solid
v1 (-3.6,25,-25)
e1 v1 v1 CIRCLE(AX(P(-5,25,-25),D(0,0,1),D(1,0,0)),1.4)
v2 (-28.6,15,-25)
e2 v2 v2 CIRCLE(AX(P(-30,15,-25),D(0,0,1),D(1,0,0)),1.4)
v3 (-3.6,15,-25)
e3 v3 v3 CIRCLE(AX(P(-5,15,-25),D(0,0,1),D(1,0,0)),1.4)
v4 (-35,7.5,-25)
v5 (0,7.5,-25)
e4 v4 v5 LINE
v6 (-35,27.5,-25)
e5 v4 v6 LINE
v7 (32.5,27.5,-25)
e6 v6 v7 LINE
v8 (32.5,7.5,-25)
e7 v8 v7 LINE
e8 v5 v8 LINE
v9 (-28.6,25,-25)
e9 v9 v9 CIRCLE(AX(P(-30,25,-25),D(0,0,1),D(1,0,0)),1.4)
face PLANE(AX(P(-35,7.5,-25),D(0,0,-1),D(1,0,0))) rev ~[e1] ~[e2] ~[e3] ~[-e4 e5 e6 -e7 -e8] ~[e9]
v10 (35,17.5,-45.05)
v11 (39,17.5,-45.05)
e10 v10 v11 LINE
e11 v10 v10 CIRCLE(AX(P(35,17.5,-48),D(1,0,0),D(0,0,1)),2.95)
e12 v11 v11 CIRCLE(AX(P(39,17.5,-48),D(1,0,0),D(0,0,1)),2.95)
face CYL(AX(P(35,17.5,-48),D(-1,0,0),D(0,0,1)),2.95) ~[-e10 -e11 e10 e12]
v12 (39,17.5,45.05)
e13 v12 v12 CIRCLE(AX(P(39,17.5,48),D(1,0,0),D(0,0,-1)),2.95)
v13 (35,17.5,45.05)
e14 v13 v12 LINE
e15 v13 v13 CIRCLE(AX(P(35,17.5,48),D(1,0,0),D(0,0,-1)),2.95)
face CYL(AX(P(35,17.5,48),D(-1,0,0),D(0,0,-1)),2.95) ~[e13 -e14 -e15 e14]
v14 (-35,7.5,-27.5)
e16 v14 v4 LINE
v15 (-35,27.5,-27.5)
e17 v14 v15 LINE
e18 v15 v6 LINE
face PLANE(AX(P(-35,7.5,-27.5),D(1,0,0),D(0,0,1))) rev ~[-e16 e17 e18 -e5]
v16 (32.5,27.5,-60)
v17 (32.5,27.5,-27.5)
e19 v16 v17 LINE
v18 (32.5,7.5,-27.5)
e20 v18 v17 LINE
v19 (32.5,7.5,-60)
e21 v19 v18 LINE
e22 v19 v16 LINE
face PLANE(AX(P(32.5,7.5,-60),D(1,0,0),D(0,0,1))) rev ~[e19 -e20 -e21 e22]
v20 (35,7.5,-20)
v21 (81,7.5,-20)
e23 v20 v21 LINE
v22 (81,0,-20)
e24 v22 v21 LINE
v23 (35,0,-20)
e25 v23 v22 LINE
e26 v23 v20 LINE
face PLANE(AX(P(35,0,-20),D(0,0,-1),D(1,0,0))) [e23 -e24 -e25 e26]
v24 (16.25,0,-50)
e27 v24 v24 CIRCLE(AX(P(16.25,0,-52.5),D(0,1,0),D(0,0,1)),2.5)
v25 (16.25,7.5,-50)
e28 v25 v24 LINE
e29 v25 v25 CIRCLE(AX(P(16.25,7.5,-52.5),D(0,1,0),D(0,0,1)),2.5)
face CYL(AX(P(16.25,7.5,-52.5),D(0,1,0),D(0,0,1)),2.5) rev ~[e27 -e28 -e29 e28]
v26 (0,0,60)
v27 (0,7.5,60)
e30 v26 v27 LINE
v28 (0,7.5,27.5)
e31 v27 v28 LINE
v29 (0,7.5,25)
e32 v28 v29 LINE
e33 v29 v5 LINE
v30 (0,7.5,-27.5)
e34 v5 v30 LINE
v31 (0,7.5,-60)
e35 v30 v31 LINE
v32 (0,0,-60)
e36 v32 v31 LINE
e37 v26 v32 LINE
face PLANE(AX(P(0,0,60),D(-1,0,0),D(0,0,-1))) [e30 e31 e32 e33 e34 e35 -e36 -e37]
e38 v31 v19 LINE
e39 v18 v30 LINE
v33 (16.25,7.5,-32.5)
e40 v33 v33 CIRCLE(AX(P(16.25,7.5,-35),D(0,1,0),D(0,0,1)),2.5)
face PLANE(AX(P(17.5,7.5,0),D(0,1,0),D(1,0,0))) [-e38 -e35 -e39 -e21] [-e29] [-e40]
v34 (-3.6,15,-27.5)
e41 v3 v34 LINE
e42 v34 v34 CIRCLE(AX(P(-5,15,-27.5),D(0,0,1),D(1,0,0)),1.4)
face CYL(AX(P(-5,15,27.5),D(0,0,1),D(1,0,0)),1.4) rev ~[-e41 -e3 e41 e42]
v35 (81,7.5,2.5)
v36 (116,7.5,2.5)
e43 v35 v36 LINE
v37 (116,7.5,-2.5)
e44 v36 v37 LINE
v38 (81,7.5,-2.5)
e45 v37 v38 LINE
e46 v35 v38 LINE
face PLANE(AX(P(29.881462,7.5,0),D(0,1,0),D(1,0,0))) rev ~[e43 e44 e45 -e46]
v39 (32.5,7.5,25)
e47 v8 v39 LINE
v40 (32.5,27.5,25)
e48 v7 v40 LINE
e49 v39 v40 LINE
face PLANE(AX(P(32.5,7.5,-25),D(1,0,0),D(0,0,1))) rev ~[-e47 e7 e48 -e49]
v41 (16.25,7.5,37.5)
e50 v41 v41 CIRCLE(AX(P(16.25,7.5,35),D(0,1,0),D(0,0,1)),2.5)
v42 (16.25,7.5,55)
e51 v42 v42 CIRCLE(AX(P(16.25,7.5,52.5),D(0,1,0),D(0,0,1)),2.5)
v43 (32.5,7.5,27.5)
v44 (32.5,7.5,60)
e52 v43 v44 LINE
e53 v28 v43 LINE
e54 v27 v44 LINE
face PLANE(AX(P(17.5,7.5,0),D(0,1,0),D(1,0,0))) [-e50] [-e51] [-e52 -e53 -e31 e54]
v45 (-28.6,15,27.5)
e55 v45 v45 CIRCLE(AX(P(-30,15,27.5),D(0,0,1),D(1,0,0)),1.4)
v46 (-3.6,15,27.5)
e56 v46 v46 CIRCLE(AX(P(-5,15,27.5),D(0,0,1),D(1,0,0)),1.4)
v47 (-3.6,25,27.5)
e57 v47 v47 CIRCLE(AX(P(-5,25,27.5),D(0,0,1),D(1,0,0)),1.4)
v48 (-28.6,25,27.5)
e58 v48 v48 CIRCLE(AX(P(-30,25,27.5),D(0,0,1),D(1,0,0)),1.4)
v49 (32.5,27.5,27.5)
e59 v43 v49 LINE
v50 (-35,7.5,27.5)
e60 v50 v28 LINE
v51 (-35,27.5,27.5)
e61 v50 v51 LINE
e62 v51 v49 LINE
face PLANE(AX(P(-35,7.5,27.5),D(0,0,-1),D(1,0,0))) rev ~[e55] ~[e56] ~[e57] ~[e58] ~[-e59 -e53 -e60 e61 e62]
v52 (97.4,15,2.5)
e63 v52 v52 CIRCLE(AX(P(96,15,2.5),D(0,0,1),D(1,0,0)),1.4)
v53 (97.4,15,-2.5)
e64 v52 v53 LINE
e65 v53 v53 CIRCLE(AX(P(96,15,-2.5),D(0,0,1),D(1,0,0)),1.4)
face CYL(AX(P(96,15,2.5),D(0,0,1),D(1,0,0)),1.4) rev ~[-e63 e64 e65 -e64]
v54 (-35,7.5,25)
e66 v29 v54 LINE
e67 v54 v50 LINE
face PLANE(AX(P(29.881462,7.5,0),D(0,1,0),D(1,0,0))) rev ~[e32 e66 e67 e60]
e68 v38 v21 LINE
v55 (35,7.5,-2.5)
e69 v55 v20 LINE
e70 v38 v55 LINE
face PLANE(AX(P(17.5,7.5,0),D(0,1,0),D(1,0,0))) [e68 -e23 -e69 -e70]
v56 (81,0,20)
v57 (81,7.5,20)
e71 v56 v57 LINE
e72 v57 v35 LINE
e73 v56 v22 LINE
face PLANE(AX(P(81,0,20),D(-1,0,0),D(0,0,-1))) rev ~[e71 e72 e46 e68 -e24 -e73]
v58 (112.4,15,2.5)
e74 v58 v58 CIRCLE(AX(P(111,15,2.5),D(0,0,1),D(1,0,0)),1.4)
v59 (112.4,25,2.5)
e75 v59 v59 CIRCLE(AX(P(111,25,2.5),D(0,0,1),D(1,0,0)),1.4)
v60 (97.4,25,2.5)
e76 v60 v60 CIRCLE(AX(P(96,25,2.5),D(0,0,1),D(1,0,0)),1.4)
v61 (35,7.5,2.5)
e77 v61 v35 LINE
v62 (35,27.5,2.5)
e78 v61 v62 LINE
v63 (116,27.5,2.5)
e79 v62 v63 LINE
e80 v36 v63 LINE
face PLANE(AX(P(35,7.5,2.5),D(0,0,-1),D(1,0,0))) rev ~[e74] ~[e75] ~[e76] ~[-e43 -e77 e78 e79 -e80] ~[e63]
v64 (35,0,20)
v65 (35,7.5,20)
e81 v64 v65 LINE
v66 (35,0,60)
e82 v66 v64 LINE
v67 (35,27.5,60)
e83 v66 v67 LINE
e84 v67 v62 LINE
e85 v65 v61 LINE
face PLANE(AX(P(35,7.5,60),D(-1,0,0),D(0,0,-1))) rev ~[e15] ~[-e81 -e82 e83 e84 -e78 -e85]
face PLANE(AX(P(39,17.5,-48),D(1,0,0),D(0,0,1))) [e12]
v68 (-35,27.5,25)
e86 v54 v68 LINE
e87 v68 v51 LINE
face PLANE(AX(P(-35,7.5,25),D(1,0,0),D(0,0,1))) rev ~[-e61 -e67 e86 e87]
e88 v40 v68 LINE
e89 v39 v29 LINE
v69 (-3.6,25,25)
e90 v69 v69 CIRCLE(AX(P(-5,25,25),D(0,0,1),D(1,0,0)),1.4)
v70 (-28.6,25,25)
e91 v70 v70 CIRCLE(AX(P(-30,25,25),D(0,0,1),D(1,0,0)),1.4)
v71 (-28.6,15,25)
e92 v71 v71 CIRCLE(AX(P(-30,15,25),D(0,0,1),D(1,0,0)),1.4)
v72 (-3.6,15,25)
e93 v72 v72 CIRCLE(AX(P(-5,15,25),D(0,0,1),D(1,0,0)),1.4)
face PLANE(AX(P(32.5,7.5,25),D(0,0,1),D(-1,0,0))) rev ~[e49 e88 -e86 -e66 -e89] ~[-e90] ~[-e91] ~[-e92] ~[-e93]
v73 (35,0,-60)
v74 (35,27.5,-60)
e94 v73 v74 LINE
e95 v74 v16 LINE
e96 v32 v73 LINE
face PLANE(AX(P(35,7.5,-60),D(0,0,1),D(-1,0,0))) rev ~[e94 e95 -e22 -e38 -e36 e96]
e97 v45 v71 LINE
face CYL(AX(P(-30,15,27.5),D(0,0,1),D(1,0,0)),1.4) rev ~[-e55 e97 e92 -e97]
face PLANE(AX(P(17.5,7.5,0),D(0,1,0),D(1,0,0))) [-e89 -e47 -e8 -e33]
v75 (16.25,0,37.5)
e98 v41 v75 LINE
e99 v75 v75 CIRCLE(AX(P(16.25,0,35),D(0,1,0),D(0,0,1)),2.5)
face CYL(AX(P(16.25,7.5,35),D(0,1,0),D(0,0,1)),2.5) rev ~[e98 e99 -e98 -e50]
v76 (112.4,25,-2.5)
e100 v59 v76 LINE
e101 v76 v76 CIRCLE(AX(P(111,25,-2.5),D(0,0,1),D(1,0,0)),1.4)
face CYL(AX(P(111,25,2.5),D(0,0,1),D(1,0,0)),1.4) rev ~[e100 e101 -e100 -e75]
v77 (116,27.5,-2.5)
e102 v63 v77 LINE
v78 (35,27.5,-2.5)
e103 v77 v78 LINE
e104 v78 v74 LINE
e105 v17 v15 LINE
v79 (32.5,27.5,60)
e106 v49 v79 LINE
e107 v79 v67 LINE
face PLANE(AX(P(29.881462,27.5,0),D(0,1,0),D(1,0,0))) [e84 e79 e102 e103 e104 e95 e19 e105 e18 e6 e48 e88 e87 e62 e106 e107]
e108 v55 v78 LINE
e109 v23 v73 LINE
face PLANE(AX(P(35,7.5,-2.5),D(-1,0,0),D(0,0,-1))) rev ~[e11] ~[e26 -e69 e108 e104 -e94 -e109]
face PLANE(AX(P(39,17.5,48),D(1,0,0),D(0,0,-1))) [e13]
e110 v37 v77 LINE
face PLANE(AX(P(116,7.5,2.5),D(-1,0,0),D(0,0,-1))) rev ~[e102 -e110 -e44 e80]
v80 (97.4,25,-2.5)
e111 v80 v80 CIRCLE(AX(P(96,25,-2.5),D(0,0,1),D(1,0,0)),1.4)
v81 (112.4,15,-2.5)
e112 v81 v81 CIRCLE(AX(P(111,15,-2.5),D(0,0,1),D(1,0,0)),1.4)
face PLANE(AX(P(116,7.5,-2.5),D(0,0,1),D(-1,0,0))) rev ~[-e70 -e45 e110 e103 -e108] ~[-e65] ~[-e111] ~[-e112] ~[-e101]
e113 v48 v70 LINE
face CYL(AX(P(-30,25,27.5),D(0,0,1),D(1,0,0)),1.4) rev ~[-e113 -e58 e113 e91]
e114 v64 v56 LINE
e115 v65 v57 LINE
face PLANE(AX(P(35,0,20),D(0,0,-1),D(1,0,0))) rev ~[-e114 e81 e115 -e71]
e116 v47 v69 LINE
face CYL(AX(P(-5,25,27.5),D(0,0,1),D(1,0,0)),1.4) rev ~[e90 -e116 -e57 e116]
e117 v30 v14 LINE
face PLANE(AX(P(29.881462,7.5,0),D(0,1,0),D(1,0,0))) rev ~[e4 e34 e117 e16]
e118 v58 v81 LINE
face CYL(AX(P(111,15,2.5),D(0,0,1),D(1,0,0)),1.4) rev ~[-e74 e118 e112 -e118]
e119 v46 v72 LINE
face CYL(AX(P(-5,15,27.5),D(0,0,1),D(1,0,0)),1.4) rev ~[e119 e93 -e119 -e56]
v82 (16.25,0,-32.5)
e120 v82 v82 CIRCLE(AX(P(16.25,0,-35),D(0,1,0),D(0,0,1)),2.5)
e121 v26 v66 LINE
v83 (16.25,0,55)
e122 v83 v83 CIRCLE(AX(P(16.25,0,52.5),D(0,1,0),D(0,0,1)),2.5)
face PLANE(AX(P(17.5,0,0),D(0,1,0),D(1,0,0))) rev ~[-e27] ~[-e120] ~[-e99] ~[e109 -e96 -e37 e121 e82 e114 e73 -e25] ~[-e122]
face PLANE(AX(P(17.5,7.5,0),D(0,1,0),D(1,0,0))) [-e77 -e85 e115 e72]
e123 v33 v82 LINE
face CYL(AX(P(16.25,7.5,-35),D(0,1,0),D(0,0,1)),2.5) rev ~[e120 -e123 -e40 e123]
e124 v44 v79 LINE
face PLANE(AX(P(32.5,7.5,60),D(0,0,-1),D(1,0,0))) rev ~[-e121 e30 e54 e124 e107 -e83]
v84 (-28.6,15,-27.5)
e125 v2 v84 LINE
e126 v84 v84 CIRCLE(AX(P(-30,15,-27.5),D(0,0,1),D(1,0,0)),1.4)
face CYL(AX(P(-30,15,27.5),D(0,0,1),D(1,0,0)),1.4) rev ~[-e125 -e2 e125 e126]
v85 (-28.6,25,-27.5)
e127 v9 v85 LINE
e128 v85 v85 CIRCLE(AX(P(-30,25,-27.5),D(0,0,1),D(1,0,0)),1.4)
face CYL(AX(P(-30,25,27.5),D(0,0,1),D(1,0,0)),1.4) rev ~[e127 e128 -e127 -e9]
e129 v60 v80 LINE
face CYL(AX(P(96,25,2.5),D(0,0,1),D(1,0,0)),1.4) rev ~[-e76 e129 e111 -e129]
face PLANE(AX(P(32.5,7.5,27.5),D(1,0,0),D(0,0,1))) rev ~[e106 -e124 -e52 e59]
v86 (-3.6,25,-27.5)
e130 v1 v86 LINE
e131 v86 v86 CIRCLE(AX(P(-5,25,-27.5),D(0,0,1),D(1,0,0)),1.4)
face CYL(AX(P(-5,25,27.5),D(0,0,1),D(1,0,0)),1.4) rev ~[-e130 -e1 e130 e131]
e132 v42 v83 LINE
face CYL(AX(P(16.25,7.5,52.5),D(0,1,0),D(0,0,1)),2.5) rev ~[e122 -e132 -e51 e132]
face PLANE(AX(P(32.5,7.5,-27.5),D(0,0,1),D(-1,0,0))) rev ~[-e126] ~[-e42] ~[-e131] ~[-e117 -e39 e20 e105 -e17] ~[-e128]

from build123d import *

# Parameters (mm, degrees)
SKETCH1_W           = 35
SKETCH1_H           = 120
SKETCH1_W_2         = 46
SKETCH1_H_2         = 40
BOSS_EXTRUDE1_DEPTH = 7.5
BOSS_EXTRUDE2_DEPTH = 20
SKETCH3_R           = 1.4
CUT_EXTRUDE1_DEPTH  = 5
SKETCH5_R           = 2.95
BOSS_EXTRUDE4_DEPTH = 4
SKETCH6_R           = 1.4
CUT_EXTRUDE2_DEPTH  = 60
SKETCH7_R           = 2.5
CUT_EXTRUDE3_DEPTH  = 10


with BuildPart() as part:
    # Sketch1 → Boss-Extrude1 (new body)
    with BuildSketch(Plane(origin=(0, 0, 0), x_dir=(1, 0, 0), z_dir=(0, 1, 0))):
        with Locations((17.5, 0)):
            Rectangle(SKETCH1_W, SKETCH1_H)
        with Locations((58, 0)):
            Rectangle(SKETCH1_W_2, SKETCH1_H_2)
    extrude(amount=BOSS_EXTRUDE1_DEPTH)

    # Sketch2 → Boss-Extrude2 (add)
    with BuildSketch(Plane(origin=(0, 7.5, 0), x_dir=(1, 0, 0), z_dir=(0, 1, 0))):
        Polygon((35, 2.5), (35, 60), (32.5, 60), (32.5, 27.5), (-35, 27.5), (-35, 25), (32.5, 25), (32.5, -25), (-35, -25), (-35, -27.5), (32.5, -27.5), (32.5, -60), (35, -60), (35, -2.5), (116, -2.5), (116, 2.5), align=None)
    extrude(amount=BOSS_EXTRUDE2_DEPTH)

    # Sketch3 → Cut-Extrude1 (cut)
    with BuildSketch(Plane.XY.offset(2.5)):
        with Locations((111, 25)):
            Circle(SKETCH3_R)
        with Locations((111, 15)):
            Circle(SKETCH3_R)
        with Locations((96, 15)):
            Circle(SKETCH3_R)
        with Locations((96, 25)):
            Circle(SKETCH3_R)
    extrude(amount=-CUT_EXTRUDE1_DEPTH, mode=Mode.SUBTRACT)

    # Sketch5 → Boss-Extrude4 (add)
    with BuildSketch(Plane(origin=(35, 0, 0), x_dir=(0, 0, -1), z_dir=(1, 0, 0))):
        with Locations((-48, 17.5)):
            Circle(SKETCH5_R)
        with Locations(Location((48, 17.5, 0), (0, 0, 180))):
            Circle(SKETCH5_R)
    extrude(amount=BOSS_EXTRUDE4_DEPTH)

    # Sketch6 → Cut-Extrude2 (cut)
    with BuildSketch(Plane.XY.offset(27.5)):
        with Locations((-30, 25)):
            Circle(SKETCH6_R)
        with Locations((-5, 25)):
            Circle(SKETCH6_R)
        with Locations((-30, 15)):
            Circle(SKETCH6_R)
        with Locations((-5, 15)):
            Circle(SKETCH6_R)
    extrude(amount=-CUT_EXTRUDE2_DEPTH, mode=Mode.SUBTRACT)

    # Sketch7 → Cut-Extrude3 (cut)
    with BuildSketch(Plane(origin=(0, 7.5, 0), x_dir=(1, 0, 0), z_dir=(0, 1, 0))):
        with Locations(Location((16.25, 52.5, 0), (0, 0, 270))):
            Circle(SKETCH7_R)
        with Locations(Location((16.25, 35, 0), (0, 0, 270))):
            Circle(SKETCH7_R)
        with Locations(Location((16.25, -35, 0), (0, 0, 270))):
            Circle(SKETCH7_R)
        with Locations(Location((16.25, -52.5, 0), (0, 0, 270))):
            Circle(SKETCH7_R)
    extrude(amount=-CUT_EXTRUDE3_DEPTH, mode=Mode.SUBTRACT)


solid = part.part
